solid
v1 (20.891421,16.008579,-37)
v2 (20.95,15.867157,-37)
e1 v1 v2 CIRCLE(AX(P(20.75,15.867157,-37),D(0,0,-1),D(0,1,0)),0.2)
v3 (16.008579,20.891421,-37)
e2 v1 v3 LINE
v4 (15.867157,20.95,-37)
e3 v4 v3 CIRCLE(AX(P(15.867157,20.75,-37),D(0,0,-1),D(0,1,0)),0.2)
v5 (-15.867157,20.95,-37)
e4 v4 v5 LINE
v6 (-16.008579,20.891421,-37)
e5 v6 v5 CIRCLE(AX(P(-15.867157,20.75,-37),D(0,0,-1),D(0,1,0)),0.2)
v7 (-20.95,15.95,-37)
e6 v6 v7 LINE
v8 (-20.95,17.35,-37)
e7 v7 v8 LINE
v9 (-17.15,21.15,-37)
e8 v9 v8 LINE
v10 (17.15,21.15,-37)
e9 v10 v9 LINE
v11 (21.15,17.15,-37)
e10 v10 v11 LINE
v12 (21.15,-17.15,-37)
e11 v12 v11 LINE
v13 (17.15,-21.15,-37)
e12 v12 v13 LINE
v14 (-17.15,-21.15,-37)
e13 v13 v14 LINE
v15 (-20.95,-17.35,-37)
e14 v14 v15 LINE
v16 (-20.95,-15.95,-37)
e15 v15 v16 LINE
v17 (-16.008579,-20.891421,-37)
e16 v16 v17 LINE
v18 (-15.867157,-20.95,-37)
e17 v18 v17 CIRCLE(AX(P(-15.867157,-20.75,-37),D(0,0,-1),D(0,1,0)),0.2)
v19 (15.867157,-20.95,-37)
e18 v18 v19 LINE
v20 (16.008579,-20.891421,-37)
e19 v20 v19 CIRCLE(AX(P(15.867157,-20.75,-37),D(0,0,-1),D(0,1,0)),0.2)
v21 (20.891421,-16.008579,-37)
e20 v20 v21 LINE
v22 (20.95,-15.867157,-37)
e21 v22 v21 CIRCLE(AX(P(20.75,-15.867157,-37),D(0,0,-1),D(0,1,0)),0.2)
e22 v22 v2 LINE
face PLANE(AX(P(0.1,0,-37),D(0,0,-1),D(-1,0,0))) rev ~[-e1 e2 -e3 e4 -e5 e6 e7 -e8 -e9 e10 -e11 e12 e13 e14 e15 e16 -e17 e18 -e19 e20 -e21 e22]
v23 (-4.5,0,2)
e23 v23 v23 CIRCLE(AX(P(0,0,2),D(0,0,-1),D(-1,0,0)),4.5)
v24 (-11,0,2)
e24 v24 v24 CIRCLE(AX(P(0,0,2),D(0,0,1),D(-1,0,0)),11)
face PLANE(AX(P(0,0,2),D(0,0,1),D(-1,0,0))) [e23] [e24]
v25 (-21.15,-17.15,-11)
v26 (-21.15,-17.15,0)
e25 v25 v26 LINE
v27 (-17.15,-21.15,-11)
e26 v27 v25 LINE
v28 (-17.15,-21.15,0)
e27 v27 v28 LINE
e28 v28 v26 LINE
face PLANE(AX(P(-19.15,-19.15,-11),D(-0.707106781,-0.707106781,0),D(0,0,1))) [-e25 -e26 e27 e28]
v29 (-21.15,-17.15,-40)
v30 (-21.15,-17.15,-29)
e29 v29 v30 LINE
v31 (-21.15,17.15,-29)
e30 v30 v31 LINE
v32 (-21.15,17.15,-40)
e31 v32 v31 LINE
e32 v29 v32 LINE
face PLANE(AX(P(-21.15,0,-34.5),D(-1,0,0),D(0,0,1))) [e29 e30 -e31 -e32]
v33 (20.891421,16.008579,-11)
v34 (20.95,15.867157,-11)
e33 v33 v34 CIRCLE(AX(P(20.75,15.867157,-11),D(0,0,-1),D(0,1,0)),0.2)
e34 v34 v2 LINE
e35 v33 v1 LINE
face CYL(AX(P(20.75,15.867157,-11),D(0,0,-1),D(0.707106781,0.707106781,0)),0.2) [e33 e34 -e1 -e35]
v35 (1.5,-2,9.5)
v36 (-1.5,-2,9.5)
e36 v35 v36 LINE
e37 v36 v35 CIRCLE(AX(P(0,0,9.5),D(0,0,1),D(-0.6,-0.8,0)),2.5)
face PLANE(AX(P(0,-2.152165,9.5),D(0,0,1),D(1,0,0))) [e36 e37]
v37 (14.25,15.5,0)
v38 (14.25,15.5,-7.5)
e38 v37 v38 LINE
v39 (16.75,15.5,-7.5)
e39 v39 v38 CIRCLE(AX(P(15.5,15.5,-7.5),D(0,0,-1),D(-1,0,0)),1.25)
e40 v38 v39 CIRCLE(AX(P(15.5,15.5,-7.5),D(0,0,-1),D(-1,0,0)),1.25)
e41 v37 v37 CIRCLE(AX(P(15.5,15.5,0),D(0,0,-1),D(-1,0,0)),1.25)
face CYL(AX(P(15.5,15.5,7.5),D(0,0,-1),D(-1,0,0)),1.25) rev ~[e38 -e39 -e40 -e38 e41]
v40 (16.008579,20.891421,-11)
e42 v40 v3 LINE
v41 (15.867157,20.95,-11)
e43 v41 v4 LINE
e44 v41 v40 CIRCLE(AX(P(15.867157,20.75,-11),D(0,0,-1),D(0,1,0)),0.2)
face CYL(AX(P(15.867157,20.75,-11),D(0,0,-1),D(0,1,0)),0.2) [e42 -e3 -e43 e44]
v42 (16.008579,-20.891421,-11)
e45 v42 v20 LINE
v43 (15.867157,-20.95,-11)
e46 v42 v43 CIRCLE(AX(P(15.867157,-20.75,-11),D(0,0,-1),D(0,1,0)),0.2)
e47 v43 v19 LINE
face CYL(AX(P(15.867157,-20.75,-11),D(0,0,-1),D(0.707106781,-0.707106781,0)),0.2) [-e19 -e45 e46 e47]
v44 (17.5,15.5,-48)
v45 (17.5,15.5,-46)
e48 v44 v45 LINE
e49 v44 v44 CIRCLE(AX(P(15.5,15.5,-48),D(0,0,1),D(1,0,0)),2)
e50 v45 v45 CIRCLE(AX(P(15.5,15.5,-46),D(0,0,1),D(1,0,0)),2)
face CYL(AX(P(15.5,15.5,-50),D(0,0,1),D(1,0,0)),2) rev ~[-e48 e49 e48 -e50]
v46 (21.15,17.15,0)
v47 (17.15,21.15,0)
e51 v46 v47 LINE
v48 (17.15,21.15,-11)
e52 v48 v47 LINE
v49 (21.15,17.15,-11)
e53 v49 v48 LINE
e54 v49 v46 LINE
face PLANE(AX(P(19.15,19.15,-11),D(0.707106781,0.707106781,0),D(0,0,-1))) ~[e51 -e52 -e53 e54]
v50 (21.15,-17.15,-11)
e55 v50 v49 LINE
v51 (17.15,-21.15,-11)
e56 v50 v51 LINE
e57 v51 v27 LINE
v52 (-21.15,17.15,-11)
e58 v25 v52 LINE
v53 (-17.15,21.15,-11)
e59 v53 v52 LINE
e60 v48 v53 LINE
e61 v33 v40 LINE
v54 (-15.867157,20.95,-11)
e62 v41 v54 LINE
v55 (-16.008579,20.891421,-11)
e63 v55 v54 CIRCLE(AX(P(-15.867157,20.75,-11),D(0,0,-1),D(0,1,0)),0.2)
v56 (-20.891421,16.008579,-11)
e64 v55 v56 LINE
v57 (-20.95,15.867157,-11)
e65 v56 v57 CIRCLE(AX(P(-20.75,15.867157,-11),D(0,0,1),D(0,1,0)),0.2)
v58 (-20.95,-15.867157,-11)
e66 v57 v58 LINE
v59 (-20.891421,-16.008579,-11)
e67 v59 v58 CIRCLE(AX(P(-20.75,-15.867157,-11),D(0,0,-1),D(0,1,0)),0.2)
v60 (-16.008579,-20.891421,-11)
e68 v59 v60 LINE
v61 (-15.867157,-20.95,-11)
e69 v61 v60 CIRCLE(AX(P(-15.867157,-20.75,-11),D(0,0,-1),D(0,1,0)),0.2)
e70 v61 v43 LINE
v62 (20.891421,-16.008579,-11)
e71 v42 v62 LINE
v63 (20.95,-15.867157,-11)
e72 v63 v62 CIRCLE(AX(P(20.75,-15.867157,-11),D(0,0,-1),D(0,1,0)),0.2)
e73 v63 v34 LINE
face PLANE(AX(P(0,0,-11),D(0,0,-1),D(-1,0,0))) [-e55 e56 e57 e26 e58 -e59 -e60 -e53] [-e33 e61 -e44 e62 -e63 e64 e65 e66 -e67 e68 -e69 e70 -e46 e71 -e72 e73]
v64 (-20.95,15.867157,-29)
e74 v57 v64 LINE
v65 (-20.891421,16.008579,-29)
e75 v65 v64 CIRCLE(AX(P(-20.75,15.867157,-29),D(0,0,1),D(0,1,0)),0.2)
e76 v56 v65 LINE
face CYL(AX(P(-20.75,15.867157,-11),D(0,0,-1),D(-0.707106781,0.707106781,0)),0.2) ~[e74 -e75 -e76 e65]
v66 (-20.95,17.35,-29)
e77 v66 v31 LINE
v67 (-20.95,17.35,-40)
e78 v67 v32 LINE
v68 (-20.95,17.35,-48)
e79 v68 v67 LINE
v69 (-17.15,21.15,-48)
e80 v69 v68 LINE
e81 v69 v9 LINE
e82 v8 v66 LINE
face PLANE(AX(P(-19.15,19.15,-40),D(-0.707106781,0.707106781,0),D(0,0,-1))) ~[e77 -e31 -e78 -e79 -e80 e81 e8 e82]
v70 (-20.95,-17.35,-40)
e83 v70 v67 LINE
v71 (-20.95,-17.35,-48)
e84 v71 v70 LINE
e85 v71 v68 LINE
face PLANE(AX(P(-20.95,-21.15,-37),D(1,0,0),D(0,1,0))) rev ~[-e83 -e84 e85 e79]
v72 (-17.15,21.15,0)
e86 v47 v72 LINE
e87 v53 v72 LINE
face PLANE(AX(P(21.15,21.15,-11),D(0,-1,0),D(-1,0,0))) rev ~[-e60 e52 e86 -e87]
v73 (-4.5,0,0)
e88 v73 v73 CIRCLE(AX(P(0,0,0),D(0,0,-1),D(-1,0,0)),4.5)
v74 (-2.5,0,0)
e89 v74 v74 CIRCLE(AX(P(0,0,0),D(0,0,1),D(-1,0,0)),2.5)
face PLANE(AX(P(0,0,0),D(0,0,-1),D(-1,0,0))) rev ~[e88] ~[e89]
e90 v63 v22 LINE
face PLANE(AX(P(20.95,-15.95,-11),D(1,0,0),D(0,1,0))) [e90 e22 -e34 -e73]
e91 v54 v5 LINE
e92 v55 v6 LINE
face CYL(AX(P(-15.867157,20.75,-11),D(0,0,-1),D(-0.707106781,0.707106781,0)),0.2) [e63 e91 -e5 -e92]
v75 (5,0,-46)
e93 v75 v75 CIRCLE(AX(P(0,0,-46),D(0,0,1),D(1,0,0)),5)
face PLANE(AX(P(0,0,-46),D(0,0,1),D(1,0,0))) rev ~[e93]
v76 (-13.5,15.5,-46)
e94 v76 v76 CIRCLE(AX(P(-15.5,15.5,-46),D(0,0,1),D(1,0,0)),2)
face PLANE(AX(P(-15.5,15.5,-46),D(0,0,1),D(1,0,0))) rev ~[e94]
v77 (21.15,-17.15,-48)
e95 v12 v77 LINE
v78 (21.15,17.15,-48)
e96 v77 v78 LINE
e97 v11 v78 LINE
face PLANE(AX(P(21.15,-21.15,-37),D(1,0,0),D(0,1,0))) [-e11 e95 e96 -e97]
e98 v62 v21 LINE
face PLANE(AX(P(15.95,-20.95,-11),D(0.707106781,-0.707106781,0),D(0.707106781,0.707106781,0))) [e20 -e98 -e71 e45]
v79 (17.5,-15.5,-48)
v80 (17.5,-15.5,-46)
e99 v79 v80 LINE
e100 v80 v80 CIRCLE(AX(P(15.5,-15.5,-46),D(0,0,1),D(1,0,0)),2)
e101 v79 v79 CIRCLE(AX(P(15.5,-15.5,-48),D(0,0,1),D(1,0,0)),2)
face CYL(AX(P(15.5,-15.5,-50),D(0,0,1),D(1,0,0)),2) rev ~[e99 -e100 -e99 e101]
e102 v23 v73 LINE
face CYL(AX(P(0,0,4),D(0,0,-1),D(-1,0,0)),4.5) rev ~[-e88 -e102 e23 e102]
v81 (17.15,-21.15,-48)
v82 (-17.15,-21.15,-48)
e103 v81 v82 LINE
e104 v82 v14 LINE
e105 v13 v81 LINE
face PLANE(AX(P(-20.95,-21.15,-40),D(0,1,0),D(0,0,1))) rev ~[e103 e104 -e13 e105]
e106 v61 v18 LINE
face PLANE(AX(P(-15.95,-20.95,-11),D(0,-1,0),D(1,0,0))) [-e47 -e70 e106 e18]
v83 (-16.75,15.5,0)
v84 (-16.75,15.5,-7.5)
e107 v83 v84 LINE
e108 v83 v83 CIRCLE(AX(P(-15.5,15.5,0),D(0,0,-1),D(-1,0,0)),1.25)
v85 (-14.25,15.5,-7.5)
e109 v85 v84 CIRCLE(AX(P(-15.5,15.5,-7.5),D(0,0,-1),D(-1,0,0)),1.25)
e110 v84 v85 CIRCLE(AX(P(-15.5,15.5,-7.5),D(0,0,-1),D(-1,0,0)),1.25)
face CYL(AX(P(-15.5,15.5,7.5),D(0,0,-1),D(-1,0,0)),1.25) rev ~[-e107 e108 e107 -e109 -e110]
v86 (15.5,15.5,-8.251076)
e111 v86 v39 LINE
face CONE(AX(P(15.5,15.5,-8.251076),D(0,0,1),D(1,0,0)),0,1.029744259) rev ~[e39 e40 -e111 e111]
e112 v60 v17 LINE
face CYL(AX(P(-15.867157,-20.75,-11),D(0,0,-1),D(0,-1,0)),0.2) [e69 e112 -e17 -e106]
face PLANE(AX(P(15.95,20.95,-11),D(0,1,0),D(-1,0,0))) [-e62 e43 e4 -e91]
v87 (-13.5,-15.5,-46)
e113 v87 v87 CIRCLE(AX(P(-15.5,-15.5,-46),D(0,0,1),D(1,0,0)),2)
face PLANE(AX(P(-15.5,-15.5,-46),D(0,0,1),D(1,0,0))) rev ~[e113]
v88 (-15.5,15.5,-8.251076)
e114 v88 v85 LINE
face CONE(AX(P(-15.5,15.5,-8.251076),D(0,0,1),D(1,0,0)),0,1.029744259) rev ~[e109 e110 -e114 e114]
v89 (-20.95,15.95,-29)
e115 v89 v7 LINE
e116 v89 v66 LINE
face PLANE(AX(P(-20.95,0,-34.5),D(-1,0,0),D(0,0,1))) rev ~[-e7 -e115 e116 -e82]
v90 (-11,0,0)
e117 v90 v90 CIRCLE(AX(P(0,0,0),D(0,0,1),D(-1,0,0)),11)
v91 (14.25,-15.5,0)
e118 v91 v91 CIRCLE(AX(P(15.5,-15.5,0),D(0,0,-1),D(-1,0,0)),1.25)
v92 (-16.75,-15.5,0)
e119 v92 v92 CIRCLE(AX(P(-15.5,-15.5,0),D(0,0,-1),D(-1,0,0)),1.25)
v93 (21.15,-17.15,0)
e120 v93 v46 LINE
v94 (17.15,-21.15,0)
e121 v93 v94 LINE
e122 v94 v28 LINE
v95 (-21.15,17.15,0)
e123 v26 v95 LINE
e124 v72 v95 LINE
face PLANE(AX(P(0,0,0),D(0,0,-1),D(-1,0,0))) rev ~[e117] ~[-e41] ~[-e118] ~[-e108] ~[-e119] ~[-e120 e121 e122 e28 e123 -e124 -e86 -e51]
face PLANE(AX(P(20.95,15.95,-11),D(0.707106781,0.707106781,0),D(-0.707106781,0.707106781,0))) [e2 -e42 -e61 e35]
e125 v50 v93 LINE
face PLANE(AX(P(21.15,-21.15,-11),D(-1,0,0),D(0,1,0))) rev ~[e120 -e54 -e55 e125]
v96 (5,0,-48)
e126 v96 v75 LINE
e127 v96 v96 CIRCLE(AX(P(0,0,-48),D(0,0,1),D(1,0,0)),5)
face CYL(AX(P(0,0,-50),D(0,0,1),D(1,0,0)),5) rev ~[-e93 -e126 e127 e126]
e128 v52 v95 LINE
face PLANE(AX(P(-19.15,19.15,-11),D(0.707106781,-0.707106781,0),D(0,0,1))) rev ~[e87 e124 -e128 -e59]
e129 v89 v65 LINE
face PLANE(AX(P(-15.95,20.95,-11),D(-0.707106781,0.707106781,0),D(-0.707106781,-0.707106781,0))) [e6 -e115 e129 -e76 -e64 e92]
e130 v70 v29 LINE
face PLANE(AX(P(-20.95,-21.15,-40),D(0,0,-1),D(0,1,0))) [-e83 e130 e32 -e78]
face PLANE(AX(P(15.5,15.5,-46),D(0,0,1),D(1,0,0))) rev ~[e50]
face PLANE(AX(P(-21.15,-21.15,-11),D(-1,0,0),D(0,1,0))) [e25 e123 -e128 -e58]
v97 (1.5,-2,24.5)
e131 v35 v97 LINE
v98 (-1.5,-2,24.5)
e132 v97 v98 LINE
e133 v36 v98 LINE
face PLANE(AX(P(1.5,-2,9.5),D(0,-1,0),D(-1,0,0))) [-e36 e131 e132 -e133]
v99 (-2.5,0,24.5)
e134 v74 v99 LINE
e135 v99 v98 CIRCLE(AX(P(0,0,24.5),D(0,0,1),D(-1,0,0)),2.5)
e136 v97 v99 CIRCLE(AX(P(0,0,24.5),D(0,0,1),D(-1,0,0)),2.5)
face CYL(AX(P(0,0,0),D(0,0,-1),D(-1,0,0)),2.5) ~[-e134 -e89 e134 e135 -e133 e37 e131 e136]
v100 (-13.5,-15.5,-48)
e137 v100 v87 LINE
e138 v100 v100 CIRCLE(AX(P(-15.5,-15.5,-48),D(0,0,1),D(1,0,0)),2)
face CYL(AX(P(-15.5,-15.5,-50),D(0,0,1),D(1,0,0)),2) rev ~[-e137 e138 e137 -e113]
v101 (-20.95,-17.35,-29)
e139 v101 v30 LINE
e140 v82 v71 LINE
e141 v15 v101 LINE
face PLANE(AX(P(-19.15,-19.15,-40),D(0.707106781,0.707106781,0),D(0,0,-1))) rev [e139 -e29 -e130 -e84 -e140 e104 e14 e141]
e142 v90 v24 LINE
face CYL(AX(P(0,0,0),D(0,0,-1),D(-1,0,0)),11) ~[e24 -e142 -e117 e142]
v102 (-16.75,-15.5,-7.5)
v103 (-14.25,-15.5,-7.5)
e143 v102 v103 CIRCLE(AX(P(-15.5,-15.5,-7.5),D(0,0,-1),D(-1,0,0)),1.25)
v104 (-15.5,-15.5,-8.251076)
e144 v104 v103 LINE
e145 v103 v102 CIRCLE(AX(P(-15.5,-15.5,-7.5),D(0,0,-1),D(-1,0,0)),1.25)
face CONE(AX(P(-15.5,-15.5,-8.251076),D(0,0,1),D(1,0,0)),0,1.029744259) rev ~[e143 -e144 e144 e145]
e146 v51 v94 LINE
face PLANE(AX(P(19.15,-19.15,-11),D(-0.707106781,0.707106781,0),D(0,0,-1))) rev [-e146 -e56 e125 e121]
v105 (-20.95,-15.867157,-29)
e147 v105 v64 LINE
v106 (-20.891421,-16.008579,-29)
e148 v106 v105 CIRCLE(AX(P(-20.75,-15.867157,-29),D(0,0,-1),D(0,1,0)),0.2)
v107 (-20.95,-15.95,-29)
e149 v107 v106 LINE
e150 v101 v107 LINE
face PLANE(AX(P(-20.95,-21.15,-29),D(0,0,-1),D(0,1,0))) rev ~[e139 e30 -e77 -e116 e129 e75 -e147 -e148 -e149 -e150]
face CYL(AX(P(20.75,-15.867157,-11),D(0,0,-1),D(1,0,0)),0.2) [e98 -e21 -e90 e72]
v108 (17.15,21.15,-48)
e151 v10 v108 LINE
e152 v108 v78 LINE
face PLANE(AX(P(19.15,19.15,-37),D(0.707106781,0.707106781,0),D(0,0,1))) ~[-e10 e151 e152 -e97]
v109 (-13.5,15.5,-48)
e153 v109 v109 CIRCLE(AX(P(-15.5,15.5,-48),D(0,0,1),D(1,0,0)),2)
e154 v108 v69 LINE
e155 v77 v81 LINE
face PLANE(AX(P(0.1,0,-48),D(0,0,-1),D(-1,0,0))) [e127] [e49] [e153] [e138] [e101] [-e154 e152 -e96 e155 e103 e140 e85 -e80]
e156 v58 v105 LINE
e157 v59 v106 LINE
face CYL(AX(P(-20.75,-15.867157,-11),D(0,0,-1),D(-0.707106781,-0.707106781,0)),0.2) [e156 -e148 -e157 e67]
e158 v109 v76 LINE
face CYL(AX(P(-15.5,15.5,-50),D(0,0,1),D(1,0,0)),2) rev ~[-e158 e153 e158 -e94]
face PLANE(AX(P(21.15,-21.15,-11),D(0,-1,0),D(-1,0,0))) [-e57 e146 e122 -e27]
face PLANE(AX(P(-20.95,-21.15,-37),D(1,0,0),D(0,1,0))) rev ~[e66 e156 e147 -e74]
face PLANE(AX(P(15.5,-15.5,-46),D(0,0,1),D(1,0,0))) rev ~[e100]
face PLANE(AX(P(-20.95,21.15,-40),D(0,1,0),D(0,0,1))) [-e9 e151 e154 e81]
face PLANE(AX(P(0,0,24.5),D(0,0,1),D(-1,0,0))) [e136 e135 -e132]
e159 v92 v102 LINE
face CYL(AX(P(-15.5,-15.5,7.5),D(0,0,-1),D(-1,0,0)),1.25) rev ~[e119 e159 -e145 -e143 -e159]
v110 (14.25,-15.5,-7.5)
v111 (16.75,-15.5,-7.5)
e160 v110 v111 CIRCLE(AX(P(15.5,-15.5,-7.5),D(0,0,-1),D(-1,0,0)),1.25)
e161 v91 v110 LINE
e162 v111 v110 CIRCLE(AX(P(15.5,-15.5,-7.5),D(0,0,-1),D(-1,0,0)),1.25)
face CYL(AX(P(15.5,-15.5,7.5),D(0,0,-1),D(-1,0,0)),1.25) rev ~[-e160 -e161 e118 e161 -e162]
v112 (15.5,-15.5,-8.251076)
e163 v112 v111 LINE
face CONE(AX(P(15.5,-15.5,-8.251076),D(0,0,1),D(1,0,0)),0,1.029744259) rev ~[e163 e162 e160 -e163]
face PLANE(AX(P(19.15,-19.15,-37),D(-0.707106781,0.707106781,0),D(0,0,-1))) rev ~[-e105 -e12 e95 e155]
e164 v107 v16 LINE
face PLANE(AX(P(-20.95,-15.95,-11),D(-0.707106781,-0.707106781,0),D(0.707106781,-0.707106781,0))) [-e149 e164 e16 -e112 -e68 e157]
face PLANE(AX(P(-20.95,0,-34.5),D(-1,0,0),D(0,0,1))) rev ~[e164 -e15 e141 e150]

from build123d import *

# Parameters (mm, degrees)
BOSS_EXTRU_1_DEPTH                  = 26
ESQUISSE2_W                         = 42.1
ESQUISSE2_H                         = 42.3
BOSS_EXTRU_2_DEPTH                  = 11
ESQUISSE3_W                         = 11
ESQUISSE3_H                         = 42.3
BOSS_EXTRU_3_DEPTH                  = 0.2
ESQUISSE4_W                         = 42.3
ESQUISSE4_H                         = 42.3
BOSS_EXTRU_4_DEPTH                  = 11
ESQUISSE5_R                         = 11
BOSS_EXTRU_5_DEPTH                  = 2
DIAM_TRE_DU_PER_AGE_9_0_9_1_D       = 9
DIAM_TRE_DU_PER_AGE_9_0_9_1_DEPTH   = 2
ESQUISSE8_R                         = 2.5
BOSS_EXTRU_6_DEPTH                  = 24.5
ENL_V_START                         = -15
ENL_V_MAT_EXTRU_1_DEPTH             = 15
DIAM_TRE_DU_PER_AGE_2_5_2_5_1_D     = 2.5
DIAM_TRE_DU_PER_AGE_2_5_2_5_1_DEPTH = 7.5
DIAM_TRE_DU_PER_AGE_2_5_2_5_1_TIP   = 0.751075774
DIAM_TRE_DU_PER_AGE_4_0_4_1_D       = 4
DIAM_TRE_DU_PER_AGE_4_0_4_1_DEPTH   = 2
DIAM_TRE_DU_PER_AGE_10_0_10_1_D     = 10
DIAM_TRE_DU_PER_AGE_10_0_10_1_DEPTH = 2
CHANFREIN1_SIZE                     = 4
CONG_1_R                            = 0.2


with BuildPart() as part:
    # Esquisse1 → Boss.-Extru.1 (new body)
    with BuildSketch(Plane.XY.offset(-11)):
        Polygon((20.95, 15.95), (15.95, 20.95), (-15.95, 20.95), (-20.95, 15.95), (-20.95, -15.95), (-15.95, -20.95), (15.95, -20.95), (20.95, -15.95), align=None)
    extrude(amount=-BOSS_EXTRU_1_DEPTH)

    # Esquisse2 → Boss.-Extru.2 (add)
    with BuildSketch(Plane(origin=(0, 0, -37), x_dir=(-1, 0, 0), z_dir=(0, 0, -1))):
        with Locations((-0.1, 0)):
            Rectangle(ESQUISSE2_W, ESQUISSE2_H)
    extrude(amount=BOSS_EXTRU_2_DEPTH)

    # Esquisse3 → Boss.-Extru.3 (add)
    with BuildSketch(Plane.ZY.offset(20.95)):
        with Locations((-34.5, 0)):
            Rectangle(ESQUISSE3_W, ESQUISSE3_H)
    extrude(amount=BOSS_EXTRU_3_DEPTH)

    # Esquisse4 → Boss.-Extru.4 (add)
    with BuildSketch(Plane(origin=(0, 0, -11), x_dir=(-1, 0, 0), z_dir=(0, 0, -1))):
        Rectangle(ESQUISSE4_W, ESQUISSE4_H)
    extrude(amount=-BOSS_EXTRU_4_DEPTH)

    # Esquisse5 → Boss.-Extru.5 (add)
    with BuildSketch(Plane.XY):
        with Locations(Location((0, 0, 0), (0, 0, 180))):
            Circle(ESQUISSE5_R)
    extrude(amount=BOSS_EXTRU_5_DEPTH)

    # Diamètre du perçage Ø9.0 (9)1
    with Locations(Plane.XY.offset(2)):
        with Locations((0, 0)):
            Hole(DIAM_TRE_DU_PER_AGE_9_0_9_1_D / 2, depth=DIAM_TRE_DU_PER_AGE_9_0_9_1_DEPTH)

    # Esquisse8 → Boss.-Extru.6 (add)
    with BuildSketch(Plane.XY):
        with Locations(Location((0, 0, 0), (0, 0, 180))):
            Circle(ESQUISSE8_R)
    extrude(amount=BOSS_EXTRU_6_DEPTH)

    # Esquisse9 → Enlèv. mat.-Extru.1 (cut)
    with BuildSketch(Plane.XY.offset(24.5).offset(ENL_V_START)):
        with BuildLine():
            Line((1.5, -2), (-1.5, -2))
            ThreePointArc((-1.5, -2), (0, -2.5), (1.5, -2))
        make_face()
    extrude(amount=ENL_V_MAT_EXTRU_1_DEPTH, mode=Mode.SUBTRACT)

    # Diamètre du perçage Ø2.5 (2.5)1
    with Locations(Plane.XY):
        with Locations((-15.5, 15.5), (-15.5, -15.5), (15.5, -15.5), (15.5, 15.5)):
            Hole(DIAM_TRE_DU_PER_AGE_2_5_2_5_1_D / 2, depth=DIAM_TRE_DU_PER_AGE_2_5_2_5_1_DEPTH)
            with Locations((0, 0, -(DIAM_TRE_DU_PER_AGE_2_5_2_5_1_DEPTH + DIAM_TRE_DU_PER_AGE_2_5_2_5_1_TIP / 2))):  # 118° drill point
                Cone(0, DIAM_TRE_DU_PER_AGE_2_5_2_5_1_D / 2, DIAM_TRE_DU_PER_AGE_2_5_2_5_1_TIP, mode=Mode.SUBTRACT)

    # Diamètre du perçage Ø4.0 (4)1
    with Locations(Plane(origin=(0, 0, -48), x_dir=(-1, 0, 0), z_dir=(0, 0, -1))):
        with Locations((-15.5, -15.5), (-15.5, 15.5), (15.5, 15.5), (15.5, -15.5)):
            Hole(DIAM_TRE_DU_PER_AGE_4_0_4_1_D / 2, depth=DIAM_TRE_DU_PER_AGE_4_0_4_1_DEPTH)

    # Diamètre du perçage Ø10.0 (10)1
    with Locations(Plane(origin=(0, 0, -48), x_dir=(-1, 0, 0), z_dir=(0, 0, -1))):
        with Locations((0, 0)):
            Hole(DIAM_TRE_DU_PER_AGE_10_0_10_1_D / 2, depth=DIAM_TRE_DU_PER_AGE_10_0_10_1_DEPTH)

    # Chanfrein1
    chanfrein1_edges = [part.edges().sort_by_distance(p)[0] for p in [
        (21.15, 21.15, -42.5),
        (-21.15, -21.15, -34.5),
        (21.15, -21.15, -42.5),
        (-21.15, 21.15, -5.5),
        (-21.15, -21.15, -5.5),
        (21.15, -21.15, -5.5),
        (-21.15, 21.15, -34.5),
        (21.15, 21.15, -5.5),
    ]]
    chamfer(chanfrein1_edges, length=CHANFREIN1_SIZE)

    # Congé1
    cong_1_edges = [part.edges().sort_by_distance(p)[0] for p in [
        (20.95, -15.95, -24),
        (15.95, -20.95, -24),
        (-15.95, -20.95, -24),
        (-15.95, 20.95, -24),
        (15.95, 20.95, -24),
        (20.95, 15.95, -24),
        (-20.95, 15.95, -20),
        (-20.95, -15.95, -20),
    ]]
    fillet(cong_1_edges, radius=CONG_1_R)


solid = part.part
